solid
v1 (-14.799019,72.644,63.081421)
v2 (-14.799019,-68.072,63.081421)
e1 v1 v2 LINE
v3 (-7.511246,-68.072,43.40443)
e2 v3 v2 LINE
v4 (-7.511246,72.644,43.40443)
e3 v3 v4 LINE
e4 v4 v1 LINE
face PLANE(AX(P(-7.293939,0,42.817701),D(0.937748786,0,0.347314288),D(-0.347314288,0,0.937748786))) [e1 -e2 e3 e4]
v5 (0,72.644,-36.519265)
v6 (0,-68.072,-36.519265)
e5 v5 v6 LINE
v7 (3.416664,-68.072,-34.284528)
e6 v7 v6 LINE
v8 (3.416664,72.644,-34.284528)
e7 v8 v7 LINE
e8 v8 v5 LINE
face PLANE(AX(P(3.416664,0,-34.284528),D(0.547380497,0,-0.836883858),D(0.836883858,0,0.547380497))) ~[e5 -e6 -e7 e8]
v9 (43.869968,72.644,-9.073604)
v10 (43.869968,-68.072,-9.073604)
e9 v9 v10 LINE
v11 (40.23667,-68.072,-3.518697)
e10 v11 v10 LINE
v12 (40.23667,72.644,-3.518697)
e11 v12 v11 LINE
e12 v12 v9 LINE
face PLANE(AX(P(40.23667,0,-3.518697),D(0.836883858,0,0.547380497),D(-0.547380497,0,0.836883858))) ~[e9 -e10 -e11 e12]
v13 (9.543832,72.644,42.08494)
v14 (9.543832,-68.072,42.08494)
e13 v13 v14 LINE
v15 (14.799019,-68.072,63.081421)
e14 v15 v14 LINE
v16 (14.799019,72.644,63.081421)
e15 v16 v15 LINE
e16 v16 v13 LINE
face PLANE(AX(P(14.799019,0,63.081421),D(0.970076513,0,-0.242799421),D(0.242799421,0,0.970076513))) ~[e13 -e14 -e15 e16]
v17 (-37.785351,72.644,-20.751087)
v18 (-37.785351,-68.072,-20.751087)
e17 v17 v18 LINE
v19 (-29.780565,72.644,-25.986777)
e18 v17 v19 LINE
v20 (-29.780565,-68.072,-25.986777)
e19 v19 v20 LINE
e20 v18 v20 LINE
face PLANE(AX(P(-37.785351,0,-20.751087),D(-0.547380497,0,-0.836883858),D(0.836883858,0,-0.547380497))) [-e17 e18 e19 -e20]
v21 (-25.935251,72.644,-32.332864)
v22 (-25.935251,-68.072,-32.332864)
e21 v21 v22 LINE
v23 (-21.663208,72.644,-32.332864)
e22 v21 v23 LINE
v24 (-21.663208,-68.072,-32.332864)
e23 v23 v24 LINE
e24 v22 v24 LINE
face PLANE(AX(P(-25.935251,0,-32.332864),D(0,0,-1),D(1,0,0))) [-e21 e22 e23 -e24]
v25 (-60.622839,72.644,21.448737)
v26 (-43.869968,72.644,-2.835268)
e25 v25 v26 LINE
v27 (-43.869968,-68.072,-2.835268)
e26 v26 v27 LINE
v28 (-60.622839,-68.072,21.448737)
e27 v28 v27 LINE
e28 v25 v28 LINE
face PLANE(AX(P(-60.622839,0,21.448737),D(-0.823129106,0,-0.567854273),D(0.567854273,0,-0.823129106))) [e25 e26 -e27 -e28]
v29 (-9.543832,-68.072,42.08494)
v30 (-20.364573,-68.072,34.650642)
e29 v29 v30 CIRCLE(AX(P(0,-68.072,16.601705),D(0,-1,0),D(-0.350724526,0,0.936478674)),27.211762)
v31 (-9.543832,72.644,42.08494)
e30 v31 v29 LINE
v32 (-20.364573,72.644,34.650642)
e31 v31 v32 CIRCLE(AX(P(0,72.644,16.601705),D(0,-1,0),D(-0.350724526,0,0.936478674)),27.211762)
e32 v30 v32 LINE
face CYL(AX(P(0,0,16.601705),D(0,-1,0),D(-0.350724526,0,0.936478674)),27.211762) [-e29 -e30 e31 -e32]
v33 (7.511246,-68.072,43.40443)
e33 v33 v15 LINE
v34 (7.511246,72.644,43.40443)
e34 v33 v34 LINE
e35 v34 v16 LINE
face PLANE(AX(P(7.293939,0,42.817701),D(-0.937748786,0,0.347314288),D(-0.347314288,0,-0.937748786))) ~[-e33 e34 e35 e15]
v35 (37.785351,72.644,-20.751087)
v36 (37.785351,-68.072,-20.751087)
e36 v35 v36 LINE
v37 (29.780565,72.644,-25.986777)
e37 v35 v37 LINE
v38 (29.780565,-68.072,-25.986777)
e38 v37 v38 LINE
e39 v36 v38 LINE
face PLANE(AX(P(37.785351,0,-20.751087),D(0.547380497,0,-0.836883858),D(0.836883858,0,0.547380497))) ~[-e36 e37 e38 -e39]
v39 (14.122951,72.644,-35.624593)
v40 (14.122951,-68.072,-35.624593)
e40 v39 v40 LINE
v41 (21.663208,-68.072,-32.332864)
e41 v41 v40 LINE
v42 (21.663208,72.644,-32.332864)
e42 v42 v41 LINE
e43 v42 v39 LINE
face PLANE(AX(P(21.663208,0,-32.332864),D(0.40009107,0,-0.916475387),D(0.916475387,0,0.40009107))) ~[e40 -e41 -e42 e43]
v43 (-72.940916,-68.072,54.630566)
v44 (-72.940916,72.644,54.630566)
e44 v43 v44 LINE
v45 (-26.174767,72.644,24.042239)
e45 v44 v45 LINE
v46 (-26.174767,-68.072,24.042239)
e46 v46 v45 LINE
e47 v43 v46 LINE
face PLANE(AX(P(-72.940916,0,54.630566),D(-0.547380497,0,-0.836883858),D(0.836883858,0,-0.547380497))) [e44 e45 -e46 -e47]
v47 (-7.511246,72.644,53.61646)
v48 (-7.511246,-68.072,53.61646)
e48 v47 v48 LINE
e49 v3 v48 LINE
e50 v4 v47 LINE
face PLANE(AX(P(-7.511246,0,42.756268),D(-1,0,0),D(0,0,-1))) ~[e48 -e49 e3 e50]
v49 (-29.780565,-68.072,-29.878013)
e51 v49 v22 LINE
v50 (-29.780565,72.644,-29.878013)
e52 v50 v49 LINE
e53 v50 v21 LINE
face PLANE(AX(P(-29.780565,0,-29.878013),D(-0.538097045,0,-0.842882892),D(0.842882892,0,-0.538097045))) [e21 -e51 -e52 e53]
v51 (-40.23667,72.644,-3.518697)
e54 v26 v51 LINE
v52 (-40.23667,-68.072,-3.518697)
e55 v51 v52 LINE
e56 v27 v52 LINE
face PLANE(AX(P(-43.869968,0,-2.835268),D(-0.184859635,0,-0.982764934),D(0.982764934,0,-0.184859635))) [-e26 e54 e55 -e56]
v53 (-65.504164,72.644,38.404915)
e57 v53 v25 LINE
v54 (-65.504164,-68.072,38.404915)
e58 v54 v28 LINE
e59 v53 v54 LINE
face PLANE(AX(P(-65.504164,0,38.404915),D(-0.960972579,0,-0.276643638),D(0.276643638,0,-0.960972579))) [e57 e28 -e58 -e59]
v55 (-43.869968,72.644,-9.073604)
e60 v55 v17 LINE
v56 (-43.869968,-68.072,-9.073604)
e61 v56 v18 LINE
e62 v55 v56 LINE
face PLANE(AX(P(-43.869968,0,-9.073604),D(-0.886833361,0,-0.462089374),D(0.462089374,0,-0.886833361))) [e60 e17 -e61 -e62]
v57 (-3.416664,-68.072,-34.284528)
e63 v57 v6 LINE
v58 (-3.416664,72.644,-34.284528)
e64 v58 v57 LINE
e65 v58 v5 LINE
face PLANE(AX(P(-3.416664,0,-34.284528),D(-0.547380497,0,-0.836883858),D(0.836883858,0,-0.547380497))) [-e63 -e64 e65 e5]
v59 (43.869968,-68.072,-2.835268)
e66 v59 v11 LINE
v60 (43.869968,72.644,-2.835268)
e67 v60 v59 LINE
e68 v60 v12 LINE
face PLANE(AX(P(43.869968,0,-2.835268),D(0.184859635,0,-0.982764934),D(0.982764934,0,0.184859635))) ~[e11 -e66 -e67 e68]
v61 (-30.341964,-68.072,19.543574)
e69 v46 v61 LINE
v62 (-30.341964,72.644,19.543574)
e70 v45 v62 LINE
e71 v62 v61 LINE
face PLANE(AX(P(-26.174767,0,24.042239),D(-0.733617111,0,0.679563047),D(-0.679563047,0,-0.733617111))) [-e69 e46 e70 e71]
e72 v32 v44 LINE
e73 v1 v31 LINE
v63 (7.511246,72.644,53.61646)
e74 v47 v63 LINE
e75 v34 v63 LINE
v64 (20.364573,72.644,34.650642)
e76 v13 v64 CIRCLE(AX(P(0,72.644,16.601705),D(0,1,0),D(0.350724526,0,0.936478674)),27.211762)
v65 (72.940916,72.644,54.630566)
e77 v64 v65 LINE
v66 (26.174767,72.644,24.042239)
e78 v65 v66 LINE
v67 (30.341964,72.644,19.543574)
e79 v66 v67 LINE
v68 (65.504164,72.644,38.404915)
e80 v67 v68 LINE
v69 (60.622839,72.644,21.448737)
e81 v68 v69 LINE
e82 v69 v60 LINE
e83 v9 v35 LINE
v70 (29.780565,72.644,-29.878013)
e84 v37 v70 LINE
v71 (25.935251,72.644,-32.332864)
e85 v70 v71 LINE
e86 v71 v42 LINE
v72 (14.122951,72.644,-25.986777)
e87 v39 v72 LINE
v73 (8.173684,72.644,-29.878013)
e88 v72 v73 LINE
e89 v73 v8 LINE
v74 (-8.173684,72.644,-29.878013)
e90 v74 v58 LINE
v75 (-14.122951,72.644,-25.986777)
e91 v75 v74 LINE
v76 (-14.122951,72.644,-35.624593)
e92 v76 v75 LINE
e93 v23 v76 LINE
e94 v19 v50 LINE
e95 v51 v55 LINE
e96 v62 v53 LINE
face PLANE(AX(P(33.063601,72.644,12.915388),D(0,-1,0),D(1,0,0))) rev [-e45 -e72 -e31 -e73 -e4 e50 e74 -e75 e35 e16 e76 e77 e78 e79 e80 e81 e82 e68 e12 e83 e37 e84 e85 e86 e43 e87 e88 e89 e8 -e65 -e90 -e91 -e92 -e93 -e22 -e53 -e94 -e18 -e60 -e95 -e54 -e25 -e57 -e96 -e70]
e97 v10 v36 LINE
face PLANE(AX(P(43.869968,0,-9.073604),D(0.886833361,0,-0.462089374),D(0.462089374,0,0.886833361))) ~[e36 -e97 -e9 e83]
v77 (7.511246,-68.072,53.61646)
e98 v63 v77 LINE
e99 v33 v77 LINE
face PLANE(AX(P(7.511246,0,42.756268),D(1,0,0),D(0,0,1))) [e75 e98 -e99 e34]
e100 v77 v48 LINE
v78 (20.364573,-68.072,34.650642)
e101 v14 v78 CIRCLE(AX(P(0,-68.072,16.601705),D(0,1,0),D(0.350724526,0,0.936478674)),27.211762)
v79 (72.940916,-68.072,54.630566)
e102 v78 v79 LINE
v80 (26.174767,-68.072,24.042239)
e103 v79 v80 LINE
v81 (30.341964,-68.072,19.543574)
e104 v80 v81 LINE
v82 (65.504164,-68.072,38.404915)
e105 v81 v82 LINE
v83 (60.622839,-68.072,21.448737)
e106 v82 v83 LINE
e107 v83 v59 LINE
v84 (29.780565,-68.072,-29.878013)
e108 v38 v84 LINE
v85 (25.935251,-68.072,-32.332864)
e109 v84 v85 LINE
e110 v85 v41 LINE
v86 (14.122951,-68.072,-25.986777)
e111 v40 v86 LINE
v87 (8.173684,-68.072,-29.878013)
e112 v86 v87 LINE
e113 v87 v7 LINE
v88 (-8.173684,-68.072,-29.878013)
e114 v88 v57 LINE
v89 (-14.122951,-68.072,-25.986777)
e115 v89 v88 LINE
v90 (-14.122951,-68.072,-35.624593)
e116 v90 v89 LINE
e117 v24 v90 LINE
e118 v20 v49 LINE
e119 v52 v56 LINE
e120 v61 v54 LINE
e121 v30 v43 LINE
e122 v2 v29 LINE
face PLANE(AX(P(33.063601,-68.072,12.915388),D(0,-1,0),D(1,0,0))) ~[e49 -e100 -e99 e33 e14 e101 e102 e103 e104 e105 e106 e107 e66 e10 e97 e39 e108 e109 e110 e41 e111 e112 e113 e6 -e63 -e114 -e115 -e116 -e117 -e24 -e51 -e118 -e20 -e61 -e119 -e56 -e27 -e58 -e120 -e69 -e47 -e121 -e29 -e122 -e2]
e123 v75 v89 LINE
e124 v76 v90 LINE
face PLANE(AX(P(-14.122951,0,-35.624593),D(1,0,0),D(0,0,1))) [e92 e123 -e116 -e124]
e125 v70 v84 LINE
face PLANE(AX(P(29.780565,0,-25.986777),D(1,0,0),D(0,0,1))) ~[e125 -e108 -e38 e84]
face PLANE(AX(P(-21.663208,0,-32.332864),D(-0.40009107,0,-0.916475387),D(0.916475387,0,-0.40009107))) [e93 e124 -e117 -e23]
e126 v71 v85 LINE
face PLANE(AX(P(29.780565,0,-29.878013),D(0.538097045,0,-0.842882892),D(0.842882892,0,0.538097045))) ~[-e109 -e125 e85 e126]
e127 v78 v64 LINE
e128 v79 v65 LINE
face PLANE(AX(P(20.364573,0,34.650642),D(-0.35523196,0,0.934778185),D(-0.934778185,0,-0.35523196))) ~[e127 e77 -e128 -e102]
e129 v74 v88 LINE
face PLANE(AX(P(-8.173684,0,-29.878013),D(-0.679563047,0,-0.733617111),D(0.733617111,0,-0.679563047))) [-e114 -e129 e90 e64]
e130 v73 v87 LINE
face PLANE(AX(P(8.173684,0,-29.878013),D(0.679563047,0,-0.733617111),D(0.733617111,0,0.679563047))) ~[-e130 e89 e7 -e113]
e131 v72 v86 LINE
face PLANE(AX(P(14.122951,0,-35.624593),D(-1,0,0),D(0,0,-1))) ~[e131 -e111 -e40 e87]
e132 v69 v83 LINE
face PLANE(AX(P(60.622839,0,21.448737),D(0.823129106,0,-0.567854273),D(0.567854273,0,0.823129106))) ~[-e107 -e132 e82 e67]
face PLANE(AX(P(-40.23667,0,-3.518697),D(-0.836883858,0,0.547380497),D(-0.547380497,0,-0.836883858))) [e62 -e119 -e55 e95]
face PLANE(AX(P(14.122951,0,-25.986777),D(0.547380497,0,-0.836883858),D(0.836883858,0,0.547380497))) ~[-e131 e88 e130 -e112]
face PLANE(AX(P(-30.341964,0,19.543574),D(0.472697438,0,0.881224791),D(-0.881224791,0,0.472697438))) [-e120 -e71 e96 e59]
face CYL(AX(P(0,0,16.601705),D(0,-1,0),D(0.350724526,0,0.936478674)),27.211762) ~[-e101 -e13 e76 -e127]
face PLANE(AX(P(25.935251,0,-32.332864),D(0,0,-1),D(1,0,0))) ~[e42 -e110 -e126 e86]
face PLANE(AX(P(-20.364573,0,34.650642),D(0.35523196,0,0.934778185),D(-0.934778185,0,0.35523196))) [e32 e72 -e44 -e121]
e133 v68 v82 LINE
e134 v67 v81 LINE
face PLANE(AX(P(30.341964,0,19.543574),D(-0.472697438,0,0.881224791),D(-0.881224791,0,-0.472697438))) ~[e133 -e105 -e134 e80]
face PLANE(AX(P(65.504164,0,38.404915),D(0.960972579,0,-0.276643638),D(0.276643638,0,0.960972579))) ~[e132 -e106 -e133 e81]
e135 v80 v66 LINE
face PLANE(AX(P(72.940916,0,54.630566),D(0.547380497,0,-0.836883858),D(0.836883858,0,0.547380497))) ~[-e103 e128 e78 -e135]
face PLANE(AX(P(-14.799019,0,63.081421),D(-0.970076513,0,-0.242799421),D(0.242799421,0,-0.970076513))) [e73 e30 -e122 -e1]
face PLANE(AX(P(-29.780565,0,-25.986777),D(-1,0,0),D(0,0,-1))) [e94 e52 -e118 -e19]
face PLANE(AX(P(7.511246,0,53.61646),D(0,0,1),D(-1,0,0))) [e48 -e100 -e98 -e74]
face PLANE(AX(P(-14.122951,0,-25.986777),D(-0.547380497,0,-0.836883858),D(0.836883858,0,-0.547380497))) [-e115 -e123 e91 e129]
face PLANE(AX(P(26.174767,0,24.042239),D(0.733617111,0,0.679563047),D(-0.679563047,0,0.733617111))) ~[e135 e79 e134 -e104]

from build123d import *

# Parameters (mm, degrees)
F1_DEPTH      = 68.072
F1_DEPTH_BACK = 72.644


with BuildPart() as f1:
    # F0 (on Front) → F1 (new body, two sides)
    with BuildSketch(Plane.XZ) as f1_sk:
        with BuildLine():
            Line((-43.8699675724, 4.9395202659), (-26.3915906821, 9.9711745287))
            ThreePointArc((-26.3915906821, 9.9711745287), (-27.2085319986, 17.0209655839), (-26.1747674174, 24.042238818))
            Line((-26.1747674174, 24.042238818), (-30.3419636079, 19.5435739099))
            Line((-30.3419636079, 19.5435739099), (-43.8699675724, 4.9395202659))
        make_face()
        with BuildLine():
            ThreePointArc((-9.5438323287, 42.0849398232), (-15.4092627723, 39.0301381471), (-20.3645734785, 34.6506423572))
            Line((-20.3645734785, 34.6506423572), (-7.1865939535, 29.6427810635))
            Line((-7.1865939535, 29.6427810635), (-7.1865939535, 32.6668713242))
            Line((-7.1865939535, 32.6668713242), (-9.5438323287, 42.0849398232))
        make_face()
        with BuildLine():
            Line((0, -36.5192646342), (0, -10.610057041))
            ThreePointArc((0, -10.610057041), (-16.7339710743, -4.8564916944), (-26.3915906821, 9.9711745287))
            Line((-26.3915906821, 9.9711745287), (-43.8699675724, 4.9395202659))
            Line((-43.8699675724, 4.9395202659), (-30.3419636079, 19.5435739099))
            Line((-30.3419636079, 19.5435739099), (-65.5041635036, 38.4049154818))
            Line((-65.5041635036, 38.4049154818), (-60.6228390417, 21.448736815))
            Line((-60.6228390417, 21.448736815), (-43.8699675724, -2.8352683876))
            Line((-43.8699675724, -2.8352683876), (-40.2366704703, -3.5186973045))
            Line((-40.2366704703, -3.5186973045), (-43.8699675724, -9.0736041914))
            Line((-43.8699675724, -9.0736041914), (-37.7853512764, -20.751086995))
            Line((-37.7853512764, -20.751086995), (-29.7805646327, -25.9867765768))
            Line((-29.7805646327, -25.9867765768), (-29.7805646327, -29.878012836))
            Line((-29.7805646327, -29.878012836), (-25.9352512658, -32.3328636587))
            Line((-25.9352512658, -32.3328636587), (-21.6632075608, -32.3328636587))
            Line((-21.6632075608, -32.3328636587), (-14.1229508445, -35.6245934963))
            Line((-14.1229508445, -35.6245934963), (-14.1229508445, -25.9867765768))
            Line((-14.1229508445, -25.9867765768), (-8.1736836948, -29.878012836))
            Line((-8.1736836948, -29.878012836), (-3.4166643449, -34.2845275061))
            Line((-3.4166643449, -34.2845275061), (0, -36.5192646342))
        make_face()
        Polygon((0, 26.9117504358), (-7.1865939535, 29.6427810635), (-7.1865939535, 21.905059882), align=None)
        with BuildLine():
            Line((-7.1865939535, 42.5278679195), (-7.293939468, 42.8177008727))
            ThreePointArc((-7.293939468, 42.8177008727), (-8.4268543632, 42.4757869761), (-9.5438323287, 42.0849398232))
            Line((-9.5438323287, 42.0849398232), (-7.1865939535, 32.6668713242))
            Line((-7.1865939535, 32.6668713242), (-7.1865939535, 42.5278679195))
        make_face()
        with BuildLine():
            ThreePointArc((-20.3645734785, 34.6506423572), (-23.8665481201, 29.673348875), (-26.1747674174, 24.042238818))
            Line((-26.1747674174, 24.042238818), (-14.7990193218, 16.6017049924))
            Line((-14.7990193218, 16.6017049924), (-7.1865939535, 21.905059882))
            Line((-7.1865939535, 21.905059882), (-7.1865939535, 29.6427810635))
            Line((-7.1865939535, 29.6427810635), (-20.3645734785, 34.6506423572))
        make_face()
        with BuildLine():
            Line((-72.940915823, 54.6305663884), (-26.1747674174, 24.042238818))
            ThreePointArc((-26.1747674174, 24.042238818), (-23.8665481201, 29.673348875), (-20.3645734785, 34.6506423572))
            Line((-20.3645734785, 34.6506423572), (-72.940915823, 54.6305663884))
        make_face()
        with BuildLine():
            ThreePointArc((-26.1747674174, 24.042238818), (-27.2085319986, 17.0209655839), (-26.3915906821, 9.9711745287))
            Line((-26.3915906821, 9.9711745287), (-21.5597059578, 11.3621717319))
            Line((-21.5597059578, 11.3621717319), (-26.1747674174, 24.042238818))
        make_face()
        with BuildLine():
            ThreePointArc((-9.5438323287, 42.0849398232), (-8.4268543632, 42.4757869761), (-7.293939468, 42.8177008727))
            Line((-7.293939468, 42.8177008727), (-14.7990193218, 63.081420958))
            Line((-14.7990193218, 63.081420958), (-9.5438323287, 42.0849398232))
        make_face()
        Polygon((-4.6579921618, 35.7006415725), (-7.1865939535, 42.5278679195), (-7.1865939535, 32.6668713242), align=None)
        with BuildLine():
            Line((-7.1865939535, 42.5278679195), (-7.1865939535, 42.8473305385))
            ThreePointArc((-7.1865939535, 42.8473305385), (-7.2402818676, 42.8325706174), (-7.293939468, 42.8177008727))
            Line((-7.293939468, 42.8177008727), (-7.1865939535, 42.5278679195))
        make_face()
        with BuildLine():
            ThreePointArc((-26.3915906821, 9.9711745287), (-16.7339710743, -4.8564916944), (0, -10.610057041))
            ThreePointArc((0, -10.610057041), (19.2416214619, -2.6399164695), (27.2117620334, 16.6017049924))
            ThreePointArc((27.2117620334, 16.6017049924), (21.7356187496, 32.9737198511), (7.5112464838, 42.7562680593))
            Line((7.5112464838, 42.7562680593), (7.5112464838, 11.7172822356))
            Line((7.5112464838, 11.7172822356), (-7.1865939535, 11.7172822356))
            Line((-7.1865939535, 11.7172822356), (-7.1865939535, 21.905059882))
            Line((-7.1865939535, 21.905059882), (-14.7990193218, 16.6017049924))
            Line((-14.7990193218, 16.6017049924), (-26.1747674174, 24.042238818))
            Line((-26.1747674174, 24.042238818), (-21.5597059578, 11.3621717319))
            Line((-21.5597059578, 11.3621717319), (-26.3915906821, 9.9711745287))
        make_face()
        with BuildLine():
            Line((7.5112464838, 11.7172822356), (7.5112464838, 42.7562680593))
            ThreePointArc((7.5112464838, 42.7562680593), (0.1685909551, 43.8129447666), (-7.1865939535, 42.8473305385))
            Line((-7.1865939535, 42.8473305385), (-7.1865939535, 42.5278679195))
            Line((-7.1865939535, 42.5278679195), (-4.6579921618, 35.7006415725))
            Line((-4.6579921618, 35.7006415725), (-7.1865939535, 32.6668713242))
            Line((-7.1865939535, 32.6668713242), (-7.1865939535, 29.6427810635))
            Line((-7.1865939535, 29.6427810635), (0, 26.9117504358))
            Line((0, 26.9117504358), (-7.1865939535, 21.905059882))
            Line((-7.1865939535, 21.905059882), (-7.1865939535, 11.7172822356))
            Line((-7.1865939535, 11.7172822356), (7.5112464838, 11.7172822356))
        make_face()
        with BuildLine():
            ThreePointArc((-7.1865939535, 42.8473305385), (0.1685909551, 43.8129447666), (7.5112464838, 42.7562680593))
            Line((7.5112464838, 42.7562680593), (7.5112464838, 53.6164604127))
            Line((7.5112464838, 53.6164604127), (-7.1865939535, 53.6164604127))
            Line((-7.1865939535, 53.6164604127), (-7.1865939535, 42.8473305385))
        make_face()
    extrude(amount=F1_DEPTH)
    extrude(f1_sk.sketch, amount=-F1_DEPTH_BACK)

    # F2: F1 across plane


with BuildPart() as f1_1:
    add(f1.part)
    add(f1.part.mirror(Plane.YZ))


solid = f1_1.part
